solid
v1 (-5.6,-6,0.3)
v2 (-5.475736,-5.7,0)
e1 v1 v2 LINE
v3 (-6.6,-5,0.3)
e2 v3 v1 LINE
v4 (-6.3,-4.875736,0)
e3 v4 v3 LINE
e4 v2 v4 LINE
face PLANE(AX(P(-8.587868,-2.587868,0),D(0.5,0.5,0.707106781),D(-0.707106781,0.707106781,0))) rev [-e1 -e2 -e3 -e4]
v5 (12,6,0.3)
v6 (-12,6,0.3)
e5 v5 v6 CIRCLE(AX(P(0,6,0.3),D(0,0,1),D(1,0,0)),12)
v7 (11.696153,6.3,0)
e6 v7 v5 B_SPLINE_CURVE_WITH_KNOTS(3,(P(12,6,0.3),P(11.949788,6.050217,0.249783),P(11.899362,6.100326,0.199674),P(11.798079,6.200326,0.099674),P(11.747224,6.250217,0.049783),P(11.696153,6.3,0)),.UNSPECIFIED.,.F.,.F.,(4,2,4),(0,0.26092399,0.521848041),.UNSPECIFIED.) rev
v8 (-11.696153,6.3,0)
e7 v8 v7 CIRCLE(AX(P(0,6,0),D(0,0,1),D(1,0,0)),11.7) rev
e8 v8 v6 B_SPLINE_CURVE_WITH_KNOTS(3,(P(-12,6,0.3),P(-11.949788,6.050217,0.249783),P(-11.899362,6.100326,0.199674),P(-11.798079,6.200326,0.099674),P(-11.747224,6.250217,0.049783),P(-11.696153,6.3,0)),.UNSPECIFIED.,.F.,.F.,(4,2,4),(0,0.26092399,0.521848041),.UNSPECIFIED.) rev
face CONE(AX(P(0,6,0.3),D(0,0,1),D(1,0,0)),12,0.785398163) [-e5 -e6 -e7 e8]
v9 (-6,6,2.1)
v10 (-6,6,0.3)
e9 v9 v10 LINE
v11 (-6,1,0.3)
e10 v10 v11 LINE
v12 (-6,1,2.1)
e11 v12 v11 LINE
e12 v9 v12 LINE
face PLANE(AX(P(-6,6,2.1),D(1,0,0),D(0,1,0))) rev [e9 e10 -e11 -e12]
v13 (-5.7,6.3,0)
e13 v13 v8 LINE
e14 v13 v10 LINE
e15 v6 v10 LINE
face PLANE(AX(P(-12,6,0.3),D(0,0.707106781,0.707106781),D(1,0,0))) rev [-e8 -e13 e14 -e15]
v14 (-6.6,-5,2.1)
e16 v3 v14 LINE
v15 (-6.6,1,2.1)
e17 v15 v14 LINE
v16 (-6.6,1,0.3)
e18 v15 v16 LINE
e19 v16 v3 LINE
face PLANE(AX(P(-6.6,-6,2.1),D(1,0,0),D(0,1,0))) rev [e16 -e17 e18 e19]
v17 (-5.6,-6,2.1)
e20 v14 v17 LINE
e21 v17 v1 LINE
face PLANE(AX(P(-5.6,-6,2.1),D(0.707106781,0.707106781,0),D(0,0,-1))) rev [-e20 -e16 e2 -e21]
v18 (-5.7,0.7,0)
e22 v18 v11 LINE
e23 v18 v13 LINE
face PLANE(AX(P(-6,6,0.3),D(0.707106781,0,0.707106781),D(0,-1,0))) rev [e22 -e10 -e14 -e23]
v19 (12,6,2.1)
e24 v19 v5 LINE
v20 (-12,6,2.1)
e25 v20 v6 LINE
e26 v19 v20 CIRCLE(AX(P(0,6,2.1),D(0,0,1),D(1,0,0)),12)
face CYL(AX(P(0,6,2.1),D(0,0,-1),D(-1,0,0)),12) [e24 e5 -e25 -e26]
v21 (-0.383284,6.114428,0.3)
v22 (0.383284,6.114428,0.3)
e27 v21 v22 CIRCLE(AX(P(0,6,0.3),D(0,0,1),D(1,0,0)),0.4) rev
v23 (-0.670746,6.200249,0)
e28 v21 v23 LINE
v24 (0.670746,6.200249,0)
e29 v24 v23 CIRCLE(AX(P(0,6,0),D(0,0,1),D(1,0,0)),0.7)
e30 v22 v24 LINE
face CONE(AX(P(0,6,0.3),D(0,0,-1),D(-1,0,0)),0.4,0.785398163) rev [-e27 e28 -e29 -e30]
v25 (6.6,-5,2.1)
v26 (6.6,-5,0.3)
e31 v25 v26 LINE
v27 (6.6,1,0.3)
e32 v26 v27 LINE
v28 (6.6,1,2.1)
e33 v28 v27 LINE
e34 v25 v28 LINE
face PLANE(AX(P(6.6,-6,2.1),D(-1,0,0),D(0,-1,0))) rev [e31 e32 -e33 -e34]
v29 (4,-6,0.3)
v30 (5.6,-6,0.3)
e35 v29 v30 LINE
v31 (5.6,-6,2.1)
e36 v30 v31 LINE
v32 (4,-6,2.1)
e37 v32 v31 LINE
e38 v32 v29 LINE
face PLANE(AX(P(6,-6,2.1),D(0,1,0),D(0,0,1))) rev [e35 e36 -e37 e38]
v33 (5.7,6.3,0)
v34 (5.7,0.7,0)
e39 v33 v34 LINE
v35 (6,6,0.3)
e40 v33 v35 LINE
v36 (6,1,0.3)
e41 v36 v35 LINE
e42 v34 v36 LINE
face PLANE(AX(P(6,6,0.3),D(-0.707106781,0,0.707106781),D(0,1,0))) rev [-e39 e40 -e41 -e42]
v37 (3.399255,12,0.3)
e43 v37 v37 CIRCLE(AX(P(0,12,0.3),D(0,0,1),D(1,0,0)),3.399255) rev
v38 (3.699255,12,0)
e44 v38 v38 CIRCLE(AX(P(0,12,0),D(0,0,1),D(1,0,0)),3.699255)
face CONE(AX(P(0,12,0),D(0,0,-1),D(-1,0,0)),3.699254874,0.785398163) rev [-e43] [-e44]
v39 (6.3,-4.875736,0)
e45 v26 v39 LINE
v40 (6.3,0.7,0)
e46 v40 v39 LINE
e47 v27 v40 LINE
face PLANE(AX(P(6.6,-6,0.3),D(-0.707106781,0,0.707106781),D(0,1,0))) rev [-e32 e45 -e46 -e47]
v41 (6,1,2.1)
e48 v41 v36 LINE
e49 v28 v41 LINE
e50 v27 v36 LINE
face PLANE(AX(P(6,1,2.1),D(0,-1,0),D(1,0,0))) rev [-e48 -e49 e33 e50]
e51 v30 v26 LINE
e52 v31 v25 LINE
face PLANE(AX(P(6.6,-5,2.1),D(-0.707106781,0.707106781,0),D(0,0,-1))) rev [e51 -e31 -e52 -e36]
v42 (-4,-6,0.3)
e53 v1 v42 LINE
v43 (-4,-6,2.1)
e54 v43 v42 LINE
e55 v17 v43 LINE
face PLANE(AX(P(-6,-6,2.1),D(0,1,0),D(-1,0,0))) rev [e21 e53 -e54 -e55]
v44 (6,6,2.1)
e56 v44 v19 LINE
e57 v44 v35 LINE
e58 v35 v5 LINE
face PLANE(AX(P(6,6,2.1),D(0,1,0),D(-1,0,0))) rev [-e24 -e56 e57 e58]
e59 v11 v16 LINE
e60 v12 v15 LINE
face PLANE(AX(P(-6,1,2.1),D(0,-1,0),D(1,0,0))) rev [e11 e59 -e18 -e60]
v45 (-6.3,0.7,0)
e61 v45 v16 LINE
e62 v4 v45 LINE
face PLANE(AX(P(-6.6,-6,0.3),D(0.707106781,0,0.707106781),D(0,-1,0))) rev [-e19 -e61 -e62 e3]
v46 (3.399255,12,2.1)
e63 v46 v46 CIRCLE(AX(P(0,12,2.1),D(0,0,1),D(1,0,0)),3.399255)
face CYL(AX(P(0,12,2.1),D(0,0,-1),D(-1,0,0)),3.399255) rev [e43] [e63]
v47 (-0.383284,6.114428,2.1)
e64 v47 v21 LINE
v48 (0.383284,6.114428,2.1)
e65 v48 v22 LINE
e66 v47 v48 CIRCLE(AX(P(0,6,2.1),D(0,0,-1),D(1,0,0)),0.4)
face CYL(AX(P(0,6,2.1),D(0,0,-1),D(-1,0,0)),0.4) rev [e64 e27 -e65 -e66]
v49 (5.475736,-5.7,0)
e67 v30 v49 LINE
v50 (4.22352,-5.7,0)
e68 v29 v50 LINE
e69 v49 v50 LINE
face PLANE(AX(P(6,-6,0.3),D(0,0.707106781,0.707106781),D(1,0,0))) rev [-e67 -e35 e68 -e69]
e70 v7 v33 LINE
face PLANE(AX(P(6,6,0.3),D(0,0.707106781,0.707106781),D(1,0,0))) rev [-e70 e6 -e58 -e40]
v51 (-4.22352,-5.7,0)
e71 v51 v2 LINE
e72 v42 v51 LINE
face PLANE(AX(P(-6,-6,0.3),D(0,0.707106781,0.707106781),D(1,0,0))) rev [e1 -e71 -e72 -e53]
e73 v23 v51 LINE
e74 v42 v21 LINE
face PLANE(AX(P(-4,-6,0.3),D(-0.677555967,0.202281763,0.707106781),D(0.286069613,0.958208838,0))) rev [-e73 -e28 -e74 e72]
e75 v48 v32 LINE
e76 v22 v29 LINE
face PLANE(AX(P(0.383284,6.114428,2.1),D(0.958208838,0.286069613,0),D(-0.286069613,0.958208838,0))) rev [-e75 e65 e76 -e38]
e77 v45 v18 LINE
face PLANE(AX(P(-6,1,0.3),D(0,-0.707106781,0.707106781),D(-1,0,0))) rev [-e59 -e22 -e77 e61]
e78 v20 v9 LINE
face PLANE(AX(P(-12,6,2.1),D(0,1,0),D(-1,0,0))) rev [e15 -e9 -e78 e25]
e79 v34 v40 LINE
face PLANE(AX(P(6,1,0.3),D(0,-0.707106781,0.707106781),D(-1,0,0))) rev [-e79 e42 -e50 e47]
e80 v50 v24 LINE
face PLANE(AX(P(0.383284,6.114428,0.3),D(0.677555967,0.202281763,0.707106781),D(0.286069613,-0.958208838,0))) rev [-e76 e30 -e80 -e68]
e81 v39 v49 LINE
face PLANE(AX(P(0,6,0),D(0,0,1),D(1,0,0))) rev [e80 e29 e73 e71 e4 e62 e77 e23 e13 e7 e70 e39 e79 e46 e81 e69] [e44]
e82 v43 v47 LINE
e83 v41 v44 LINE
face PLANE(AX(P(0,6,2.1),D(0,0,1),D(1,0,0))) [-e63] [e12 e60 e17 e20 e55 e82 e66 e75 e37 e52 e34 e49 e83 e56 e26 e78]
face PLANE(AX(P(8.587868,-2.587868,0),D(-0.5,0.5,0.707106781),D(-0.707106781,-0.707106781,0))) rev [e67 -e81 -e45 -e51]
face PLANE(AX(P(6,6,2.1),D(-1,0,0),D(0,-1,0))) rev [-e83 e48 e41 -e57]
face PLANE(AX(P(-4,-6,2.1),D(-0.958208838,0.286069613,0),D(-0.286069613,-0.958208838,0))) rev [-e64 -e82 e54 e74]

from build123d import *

# Parameters (mm, degrees)
SKETCH1_R           = 3.399254874
BOSS_EXTRUDE1_DEPTH = 2.1
CHAMFER1_SIZE       = 1
CHAMFER2_SIZE       = 0.3


with BuildPart() as part:
    # Sketch1 → Boss-Extrude1 (new body)
    with BuildSketch(Plane.XY):
        with BuildLine():
            Line((6, 6), (12, 6))
            ThreePointArc((12, 6), (0, 18), (-12, 6))
            Line((-12, 6), (-6, 6))
            Line((-6, 6), (-6, 1))
            Line((-6, 1), (-6.6, 1))
            Line((-6.6, 1), (-6.6, -6))
            Line((-6.6, -6), (-6, -6))
            Line((-6, -6), (-4, -6))
            Line((-4, -6), (-0.383283535, 6.114427845))
            ThreePointArc((-0.383283535, 6.114427845), (0, 6.4), (0.383283535, 6.114427845))
            Line((0.383283535, 6.114427845), (4, -6))
            Line((4, -6), (6, -6))
            Line((6, -6), (6.6, -6))
            Line((6.6, -6), (6.6, 1))
            Line((6.6, 1), (6, 1))
            Line((6, 1), (6, 6))
        make_face()
        with Locations((0, 12)):
            Circle(SKETCH1_R, mode=Mode.SUBTRACT)
    extrude(amount=BOSS_EXTRUDE1_DEPTH)

    # Chamfer1
    chamfer1_edges = [part.edges().sort_by_distance(p)[0] for p in [
        (-6.6, -6, 1.05),
        (6.6, -6, 1.05),
    ]]
    chamfer(chamfer1_edges, length=CHAMFER1_SIZE)

    # Chamfer2
    chamfer2_edges = [part.edges().sort_by_distance(p)[0] for p in [
        (2.191641768, 0.057213923, 0),
        (0, 6.4, 0),
        (-2.191641768, 0.057213923, 0),
        (-6.6, -2, 0),
        (-6.3, 1, 0),
        (-6, 3.5, 0),
        (-9, 6, 0),
        (0, 18, 0),
        (9, 6, 0),
        (6, 3.5, 0),
        (6.3, 1, 0),
        (4.8, -6, 0),
        (-3.399254874, 12, 0),
        (6.6, -2, 0),
        (-4.8, -6, 0),
        (-6.1, -5.5, 0),
        (6.1, -5.5, 0),
    ]]
    chamfer(chamfer2_edges, length=CHAMFER2_SIZE)


solid = part.part
